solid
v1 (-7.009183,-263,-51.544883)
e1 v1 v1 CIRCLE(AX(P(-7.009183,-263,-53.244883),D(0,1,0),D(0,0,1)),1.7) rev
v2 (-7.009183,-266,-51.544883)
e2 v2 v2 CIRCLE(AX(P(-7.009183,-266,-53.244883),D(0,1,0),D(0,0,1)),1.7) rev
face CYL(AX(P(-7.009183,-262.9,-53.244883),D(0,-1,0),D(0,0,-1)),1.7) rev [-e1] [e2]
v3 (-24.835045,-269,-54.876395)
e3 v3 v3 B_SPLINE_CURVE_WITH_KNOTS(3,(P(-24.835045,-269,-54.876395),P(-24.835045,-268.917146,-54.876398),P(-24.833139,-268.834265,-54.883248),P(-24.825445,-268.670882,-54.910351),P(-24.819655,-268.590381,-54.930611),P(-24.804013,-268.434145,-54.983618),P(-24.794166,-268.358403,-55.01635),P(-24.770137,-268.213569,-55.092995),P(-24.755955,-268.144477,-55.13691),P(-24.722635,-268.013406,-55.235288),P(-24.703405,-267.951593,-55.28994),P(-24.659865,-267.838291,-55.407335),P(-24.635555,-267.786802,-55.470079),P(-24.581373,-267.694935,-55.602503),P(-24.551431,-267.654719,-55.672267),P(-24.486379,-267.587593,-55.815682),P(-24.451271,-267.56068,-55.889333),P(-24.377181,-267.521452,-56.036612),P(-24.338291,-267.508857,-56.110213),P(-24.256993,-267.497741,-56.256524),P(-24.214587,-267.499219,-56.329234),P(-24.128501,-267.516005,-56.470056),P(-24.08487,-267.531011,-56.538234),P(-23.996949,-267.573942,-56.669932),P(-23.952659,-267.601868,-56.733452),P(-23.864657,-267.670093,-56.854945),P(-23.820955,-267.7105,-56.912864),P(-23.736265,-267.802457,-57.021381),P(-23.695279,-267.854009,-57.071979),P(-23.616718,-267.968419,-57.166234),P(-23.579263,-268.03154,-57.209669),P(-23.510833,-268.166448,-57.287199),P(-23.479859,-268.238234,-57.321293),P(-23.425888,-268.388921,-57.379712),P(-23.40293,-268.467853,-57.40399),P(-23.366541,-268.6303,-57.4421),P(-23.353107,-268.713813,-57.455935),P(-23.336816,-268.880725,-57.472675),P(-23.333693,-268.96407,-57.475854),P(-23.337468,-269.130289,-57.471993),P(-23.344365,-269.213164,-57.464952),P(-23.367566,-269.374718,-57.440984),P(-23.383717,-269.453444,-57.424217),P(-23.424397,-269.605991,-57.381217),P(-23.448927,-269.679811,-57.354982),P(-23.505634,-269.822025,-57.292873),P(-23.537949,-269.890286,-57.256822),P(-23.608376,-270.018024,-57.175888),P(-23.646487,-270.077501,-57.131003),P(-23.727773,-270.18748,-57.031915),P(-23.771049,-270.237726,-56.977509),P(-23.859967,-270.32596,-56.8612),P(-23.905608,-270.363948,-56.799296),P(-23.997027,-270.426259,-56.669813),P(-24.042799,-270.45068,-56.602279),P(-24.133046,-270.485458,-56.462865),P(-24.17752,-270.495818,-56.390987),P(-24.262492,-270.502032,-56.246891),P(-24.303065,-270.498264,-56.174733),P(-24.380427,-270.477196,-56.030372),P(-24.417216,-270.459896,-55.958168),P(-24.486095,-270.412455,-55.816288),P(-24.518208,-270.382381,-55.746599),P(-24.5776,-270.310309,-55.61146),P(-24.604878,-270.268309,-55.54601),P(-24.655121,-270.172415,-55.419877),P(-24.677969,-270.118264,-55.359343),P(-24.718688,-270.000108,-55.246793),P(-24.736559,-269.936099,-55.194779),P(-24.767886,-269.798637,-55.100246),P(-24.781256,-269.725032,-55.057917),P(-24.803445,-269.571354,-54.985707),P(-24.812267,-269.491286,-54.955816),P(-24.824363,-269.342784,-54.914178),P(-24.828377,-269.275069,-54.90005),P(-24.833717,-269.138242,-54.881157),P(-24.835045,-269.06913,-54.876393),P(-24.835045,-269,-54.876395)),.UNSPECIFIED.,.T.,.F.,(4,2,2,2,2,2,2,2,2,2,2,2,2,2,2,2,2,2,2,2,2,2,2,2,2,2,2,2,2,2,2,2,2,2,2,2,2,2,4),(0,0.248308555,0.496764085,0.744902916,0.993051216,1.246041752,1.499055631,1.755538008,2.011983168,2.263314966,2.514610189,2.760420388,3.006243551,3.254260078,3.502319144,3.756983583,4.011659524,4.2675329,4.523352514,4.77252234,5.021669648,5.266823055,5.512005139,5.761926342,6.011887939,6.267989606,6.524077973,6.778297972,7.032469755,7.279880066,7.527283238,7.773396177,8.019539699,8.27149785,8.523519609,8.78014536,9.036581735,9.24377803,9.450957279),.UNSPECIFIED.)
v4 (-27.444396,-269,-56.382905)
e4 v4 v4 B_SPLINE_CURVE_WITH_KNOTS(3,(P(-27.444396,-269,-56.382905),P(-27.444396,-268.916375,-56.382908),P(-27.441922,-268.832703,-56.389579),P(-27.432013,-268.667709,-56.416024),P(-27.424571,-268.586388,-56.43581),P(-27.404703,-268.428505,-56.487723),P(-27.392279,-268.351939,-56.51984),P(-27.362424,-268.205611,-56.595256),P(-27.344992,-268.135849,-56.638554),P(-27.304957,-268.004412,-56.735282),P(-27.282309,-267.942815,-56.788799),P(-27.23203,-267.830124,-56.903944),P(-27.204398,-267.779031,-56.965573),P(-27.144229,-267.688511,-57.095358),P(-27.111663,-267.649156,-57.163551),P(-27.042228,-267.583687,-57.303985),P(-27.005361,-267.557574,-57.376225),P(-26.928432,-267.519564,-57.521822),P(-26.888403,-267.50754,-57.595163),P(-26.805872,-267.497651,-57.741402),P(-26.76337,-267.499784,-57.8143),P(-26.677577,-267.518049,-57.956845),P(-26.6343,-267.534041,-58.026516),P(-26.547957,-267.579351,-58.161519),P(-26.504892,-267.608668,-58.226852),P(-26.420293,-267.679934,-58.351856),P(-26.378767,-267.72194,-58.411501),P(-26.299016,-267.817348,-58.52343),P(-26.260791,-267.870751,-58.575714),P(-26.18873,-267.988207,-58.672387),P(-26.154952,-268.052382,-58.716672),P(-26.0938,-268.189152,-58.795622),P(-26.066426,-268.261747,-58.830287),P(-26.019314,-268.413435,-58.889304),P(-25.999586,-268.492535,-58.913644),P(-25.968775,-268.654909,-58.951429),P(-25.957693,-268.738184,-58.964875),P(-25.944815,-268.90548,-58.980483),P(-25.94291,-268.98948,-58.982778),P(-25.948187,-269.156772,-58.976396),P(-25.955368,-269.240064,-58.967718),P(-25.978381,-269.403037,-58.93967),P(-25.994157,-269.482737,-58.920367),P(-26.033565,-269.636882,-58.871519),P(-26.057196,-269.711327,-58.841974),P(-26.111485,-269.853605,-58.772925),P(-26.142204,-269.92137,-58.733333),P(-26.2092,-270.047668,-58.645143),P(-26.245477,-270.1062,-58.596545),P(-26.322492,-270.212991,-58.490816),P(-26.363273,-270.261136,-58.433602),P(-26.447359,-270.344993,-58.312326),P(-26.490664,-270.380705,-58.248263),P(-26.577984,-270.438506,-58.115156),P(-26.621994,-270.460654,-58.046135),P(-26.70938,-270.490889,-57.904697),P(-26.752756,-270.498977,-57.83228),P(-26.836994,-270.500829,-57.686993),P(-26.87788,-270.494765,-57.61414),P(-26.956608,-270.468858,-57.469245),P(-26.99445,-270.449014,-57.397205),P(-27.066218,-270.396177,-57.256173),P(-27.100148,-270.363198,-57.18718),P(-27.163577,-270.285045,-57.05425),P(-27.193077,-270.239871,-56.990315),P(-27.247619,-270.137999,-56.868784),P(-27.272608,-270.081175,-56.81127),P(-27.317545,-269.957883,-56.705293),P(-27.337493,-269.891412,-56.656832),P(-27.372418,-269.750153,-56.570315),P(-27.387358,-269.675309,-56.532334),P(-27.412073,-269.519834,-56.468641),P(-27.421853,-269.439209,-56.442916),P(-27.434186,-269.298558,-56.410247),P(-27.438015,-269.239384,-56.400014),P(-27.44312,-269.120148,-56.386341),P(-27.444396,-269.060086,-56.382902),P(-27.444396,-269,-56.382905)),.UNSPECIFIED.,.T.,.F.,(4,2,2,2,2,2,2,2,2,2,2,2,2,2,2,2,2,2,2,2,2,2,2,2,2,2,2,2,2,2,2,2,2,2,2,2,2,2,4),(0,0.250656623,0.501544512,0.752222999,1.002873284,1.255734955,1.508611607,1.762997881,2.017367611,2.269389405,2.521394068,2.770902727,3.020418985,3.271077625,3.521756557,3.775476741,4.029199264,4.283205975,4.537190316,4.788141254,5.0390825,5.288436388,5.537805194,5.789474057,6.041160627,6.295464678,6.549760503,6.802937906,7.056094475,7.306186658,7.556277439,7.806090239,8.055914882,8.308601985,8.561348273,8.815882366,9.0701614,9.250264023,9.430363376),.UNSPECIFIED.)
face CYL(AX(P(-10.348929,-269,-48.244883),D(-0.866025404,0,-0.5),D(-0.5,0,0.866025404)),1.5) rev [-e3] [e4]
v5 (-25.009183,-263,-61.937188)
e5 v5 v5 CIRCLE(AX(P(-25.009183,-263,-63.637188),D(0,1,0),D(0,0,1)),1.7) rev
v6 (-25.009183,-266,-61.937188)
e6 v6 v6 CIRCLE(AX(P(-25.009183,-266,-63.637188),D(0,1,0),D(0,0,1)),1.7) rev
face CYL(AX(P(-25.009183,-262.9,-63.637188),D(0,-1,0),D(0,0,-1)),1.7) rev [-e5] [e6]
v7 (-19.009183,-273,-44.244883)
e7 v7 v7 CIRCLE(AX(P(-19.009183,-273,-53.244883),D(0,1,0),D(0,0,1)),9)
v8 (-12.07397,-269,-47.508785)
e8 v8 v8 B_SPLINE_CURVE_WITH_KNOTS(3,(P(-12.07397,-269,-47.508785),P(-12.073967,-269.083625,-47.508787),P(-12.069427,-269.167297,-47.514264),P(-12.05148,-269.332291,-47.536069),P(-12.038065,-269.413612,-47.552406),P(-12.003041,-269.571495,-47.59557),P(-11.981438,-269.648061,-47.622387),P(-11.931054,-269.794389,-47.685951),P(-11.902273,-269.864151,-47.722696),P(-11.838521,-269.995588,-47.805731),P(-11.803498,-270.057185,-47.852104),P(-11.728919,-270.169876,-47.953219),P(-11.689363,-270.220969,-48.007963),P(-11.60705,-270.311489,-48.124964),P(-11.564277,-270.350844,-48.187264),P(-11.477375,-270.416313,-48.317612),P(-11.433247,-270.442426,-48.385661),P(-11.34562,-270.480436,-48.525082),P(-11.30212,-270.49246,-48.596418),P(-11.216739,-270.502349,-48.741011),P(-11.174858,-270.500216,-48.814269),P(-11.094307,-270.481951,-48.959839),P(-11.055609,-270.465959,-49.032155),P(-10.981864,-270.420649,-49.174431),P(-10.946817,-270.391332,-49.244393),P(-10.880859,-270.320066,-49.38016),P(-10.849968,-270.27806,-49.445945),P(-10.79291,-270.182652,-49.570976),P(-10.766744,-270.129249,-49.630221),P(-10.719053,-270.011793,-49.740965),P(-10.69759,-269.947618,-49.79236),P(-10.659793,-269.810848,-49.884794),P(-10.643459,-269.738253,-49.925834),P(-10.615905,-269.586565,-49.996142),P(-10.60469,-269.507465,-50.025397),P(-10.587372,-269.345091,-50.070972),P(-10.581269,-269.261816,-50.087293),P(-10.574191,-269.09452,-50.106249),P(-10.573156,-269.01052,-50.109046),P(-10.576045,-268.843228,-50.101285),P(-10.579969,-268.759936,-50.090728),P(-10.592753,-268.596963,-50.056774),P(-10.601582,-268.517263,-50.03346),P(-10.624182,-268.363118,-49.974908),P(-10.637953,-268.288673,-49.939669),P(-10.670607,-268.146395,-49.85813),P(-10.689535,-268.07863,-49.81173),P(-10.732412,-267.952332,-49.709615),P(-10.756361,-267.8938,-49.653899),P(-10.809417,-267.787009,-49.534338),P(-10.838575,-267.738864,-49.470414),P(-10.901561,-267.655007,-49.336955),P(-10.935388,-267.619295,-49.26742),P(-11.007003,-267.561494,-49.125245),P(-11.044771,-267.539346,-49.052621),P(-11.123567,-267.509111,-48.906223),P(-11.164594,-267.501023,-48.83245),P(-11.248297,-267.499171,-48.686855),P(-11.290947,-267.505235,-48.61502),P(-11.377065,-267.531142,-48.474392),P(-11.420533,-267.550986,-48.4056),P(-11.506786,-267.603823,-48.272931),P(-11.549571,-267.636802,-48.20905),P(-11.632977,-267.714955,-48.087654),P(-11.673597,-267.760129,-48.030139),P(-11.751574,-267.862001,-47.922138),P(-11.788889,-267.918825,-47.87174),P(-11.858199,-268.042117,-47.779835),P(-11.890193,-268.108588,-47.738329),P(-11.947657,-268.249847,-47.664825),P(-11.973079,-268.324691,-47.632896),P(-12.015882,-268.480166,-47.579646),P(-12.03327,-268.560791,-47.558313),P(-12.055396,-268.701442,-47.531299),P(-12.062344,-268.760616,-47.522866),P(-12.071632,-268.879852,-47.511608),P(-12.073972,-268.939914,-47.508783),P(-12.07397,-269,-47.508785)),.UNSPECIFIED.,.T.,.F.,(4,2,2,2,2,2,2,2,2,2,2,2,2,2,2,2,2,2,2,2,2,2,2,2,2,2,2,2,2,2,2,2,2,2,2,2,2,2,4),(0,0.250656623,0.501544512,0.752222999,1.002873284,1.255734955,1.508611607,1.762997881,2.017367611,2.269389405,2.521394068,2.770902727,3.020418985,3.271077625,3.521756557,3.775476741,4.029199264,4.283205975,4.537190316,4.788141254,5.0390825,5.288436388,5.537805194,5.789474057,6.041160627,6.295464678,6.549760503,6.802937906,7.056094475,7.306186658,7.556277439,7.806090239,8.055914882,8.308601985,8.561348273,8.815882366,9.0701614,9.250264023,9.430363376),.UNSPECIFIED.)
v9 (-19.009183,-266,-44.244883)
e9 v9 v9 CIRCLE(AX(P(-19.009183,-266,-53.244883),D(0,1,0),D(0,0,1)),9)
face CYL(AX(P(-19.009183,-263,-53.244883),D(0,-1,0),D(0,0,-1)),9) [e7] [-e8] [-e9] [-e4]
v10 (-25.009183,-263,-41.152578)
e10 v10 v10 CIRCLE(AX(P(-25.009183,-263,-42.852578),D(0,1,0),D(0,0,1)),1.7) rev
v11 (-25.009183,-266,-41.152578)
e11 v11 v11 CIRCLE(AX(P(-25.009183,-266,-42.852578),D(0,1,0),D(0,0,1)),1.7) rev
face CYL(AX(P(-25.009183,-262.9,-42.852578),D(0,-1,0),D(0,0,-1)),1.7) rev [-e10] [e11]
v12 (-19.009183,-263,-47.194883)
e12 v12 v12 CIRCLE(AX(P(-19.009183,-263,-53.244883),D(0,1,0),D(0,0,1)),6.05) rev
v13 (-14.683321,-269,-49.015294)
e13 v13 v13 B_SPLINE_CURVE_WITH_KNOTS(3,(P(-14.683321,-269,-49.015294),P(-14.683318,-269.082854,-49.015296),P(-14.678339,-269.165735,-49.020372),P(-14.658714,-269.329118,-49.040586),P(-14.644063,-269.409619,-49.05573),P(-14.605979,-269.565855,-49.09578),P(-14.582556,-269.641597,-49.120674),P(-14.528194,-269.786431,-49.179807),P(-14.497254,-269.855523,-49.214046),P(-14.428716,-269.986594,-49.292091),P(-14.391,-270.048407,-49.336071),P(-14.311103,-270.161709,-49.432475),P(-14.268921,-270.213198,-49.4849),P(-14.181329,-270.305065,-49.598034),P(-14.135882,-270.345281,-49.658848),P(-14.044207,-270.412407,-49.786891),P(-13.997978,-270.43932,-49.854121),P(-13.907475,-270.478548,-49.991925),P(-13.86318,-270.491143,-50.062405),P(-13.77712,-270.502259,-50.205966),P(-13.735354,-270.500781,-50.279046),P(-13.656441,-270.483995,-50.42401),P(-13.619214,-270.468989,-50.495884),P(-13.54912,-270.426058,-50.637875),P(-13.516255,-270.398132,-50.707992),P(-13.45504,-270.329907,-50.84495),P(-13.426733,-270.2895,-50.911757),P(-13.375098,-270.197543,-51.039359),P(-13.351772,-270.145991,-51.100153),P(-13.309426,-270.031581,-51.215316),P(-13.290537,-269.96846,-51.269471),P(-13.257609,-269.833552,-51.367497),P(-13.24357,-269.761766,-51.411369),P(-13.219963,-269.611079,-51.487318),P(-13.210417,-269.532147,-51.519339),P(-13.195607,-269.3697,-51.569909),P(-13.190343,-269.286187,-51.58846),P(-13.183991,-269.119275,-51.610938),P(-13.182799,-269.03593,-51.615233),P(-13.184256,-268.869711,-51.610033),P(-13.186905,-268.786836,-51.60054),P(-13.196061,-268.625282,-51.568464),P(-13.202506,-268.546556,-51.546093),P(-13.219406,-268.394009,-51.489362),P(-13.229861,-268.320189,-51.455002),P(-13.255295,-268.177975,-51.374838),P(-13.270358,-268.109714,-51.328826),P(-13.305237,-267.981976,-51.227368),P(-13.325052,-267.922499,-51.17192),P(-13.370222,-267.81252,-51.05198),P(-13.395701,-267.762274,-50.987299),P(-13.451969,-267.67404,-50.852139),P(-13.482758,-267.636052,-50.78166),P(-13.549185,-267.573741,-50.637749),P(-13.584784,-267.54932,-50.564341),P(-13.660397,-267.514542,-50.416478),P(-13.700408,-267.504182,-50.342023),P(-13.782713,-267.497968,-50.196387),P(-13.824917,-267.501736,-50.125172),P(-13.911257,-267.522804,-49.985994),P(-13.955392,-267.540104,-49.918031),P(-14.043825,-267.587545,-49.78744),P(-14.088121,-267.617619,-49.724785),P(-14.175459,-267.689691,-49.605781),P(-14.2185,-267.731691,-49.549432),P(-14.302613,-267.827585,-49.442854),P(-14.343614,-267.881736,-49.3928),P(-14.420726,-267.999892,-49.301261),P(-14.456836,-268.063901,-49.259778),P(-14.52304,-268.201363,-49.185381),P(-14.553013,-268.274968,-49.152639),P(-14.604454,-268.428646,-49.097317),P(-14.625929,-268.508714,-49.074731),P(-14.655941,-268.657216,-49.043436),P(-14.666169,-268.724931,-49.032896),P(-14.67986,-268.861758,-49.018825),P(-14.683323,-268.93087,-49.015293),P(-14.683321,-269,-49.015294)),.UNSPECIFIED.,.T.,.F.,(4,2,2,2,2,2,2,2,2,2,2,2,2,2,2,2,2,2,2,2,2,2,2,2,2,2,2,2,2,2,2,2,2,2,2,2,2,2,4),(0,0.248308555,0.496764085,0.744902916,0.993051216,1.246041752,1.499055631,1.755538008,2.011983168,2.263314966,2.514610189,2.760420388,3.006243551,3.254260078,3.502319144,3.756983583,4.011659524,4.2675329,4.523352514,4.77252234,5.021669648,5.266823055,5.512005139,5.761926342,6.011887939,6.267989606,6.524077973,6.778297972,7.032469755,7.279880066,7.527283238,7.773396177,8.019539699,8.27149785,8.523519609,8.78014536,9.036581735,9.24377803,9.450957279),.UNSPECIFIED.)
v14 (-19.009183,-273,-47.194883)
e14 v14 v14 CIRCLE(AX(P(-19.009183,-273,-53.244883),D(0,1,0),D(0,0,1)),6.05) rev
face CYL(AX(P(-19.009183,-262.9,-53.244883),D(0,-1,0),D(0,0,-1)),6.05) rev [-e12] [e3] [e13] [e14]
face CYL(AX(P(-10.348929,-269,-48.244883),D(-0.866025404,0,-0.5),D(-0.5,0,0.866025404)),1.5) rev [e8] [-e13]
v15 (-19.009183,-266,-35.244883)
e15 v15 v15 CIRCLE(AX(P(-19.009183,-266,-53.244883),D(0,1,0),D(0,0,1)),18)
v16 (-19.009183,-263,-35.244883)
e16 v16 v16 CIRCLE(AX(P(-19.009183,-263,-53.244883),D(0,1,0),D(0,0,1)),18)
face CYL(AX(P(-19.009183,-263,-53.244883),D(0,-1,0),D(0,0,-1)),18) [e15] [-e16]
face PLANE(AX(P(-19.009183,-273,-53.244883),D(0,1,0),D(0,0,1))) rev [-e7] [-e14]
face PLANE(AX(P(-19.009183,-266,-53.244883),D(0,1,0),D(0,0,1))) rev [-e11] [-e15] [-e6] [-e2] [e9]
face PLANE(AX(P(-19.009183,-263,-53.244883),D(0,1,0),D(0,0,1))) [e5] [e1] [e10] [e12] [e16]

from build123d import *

# Parameters (mm, degrees)
HUB_NECK_SKETCH_R                   = 9
HUB_NECK_DEPTH                      = 10
RIM_CLAMP_FLANGE_SKETCH_R           = 18
RIM_CLAMP_FLANGE_DEPTH              = 3
AXLE_CLEARANCE_SKETCH_R             = 6.05
AXLE_CLEARANCE_DEPTH                = 10.2
RIM_BOLT_CLEARANCE_PATTERN_SKETCH_R = 1.7
RIM_BOLT_CLEARANCE_PATTERN_DEPTH    = 3.2
POSITIVE_HUB_PIN_BORE_SKETCH_R      = 1.5
POSITIVE_HUB_PIN_BORE_DEPTH         = 20


with BuildPart() as part:
    # Hub neck sketch → Hub neck (new body)
    with BuildSketch(Plane(origin=(0, -273, 0), x_dir=(1, 0, 0), z_dir=(0, 1, 0))):
        with Locations(Location((-19.009182883, 53.244882879, 0), (0, 0, 270))):
            Circle(HUB_NECK_SKETCH_R)
    extrude(amount=HUB_NECK_DEPTH)

    # Rim clamp flange sketch → Rim clamp flange (add)
    with BuildSketch(Plane(origin=(0, -266, 0), x_dir=(1, 0, 0), z_dir=(0, 1, 0))):
        with Locations(Location((-19.009182883, 53.244882879, 0), (0, 0, 270))):
            Circle(RIM_CLAMP_FLANGE_SKETCH_R)
    extrude(amount=RIM_CLAMP_FLANGE_DEPTH)

    # Axle clearance sketch → Axle clearance (cut)
    with BuildSketch(Plane(origin=(0, -273.1, 0), x_dir=(1, 0, 0), z_dir=(0, 1, 0))):
        with Locations(Location((-19.009182883, 53.244882879, 0), (0, 0, 270))):
            Circle(AXLE_CLEARANCE_SKETCH_R)
    extrude(amount=AXLE_CLEARANCE_DEPTH, mode=Mode.SUBTRACT)

    # Rim bolt clearance pattern sketch → Rim bolt clearance pattern (cut)
    with BuildSketch(Plane(origin=(0, -266.1, 0), x_dir=(1, 0, 0), z_dir=(0, 1, 0))):
        with Locations(Location((-7.009182883, 53.244882879, 0), (0, 0, 270))):
            Circle(RIM_BOLT_CLEARANCE_PATTERN_SKETCH_R)
        with Locations(Location((-25.009182883, 42.852578033, 0), (0, 0, 270))):
            Circle(RIM_BOLT_CLEARANCE_PATTERN_SKETCH_R)
        with Locations(Location((-25.009182883, 63.637187724, 0), (0, 0, 270))):
            Circle(RIM_BOLT_CLEARANCE_PATTERN_SKETCH_R)
    extrude(amount=RIM_BOLT_CLEARANCE_PATTERN_DEPTH, mode=Mode.SUBTRACT)

    # Positive hub pin bore sketch → Positive hub pin bore (cut)
    with BuildSketch(Plane(origin=(-45.972851797, 0, -26.542438361), x_dir=(0.5000000000000001, 0, -0.8660254037844386), z_dir=(0.8660254037844386, 0, 0.5000000000000001))):
        with Locations(Location((36.606829753, -269, 0), (0, 0, 180))):
            Circle(POSITIVE_HUB_PIN_BORE_SKETCH_R)
    extrude(amount=POSITIVE_HUB_PIN_BORE_DEPTH, mode=Mode.SUBTRACT)


solid = part.part
